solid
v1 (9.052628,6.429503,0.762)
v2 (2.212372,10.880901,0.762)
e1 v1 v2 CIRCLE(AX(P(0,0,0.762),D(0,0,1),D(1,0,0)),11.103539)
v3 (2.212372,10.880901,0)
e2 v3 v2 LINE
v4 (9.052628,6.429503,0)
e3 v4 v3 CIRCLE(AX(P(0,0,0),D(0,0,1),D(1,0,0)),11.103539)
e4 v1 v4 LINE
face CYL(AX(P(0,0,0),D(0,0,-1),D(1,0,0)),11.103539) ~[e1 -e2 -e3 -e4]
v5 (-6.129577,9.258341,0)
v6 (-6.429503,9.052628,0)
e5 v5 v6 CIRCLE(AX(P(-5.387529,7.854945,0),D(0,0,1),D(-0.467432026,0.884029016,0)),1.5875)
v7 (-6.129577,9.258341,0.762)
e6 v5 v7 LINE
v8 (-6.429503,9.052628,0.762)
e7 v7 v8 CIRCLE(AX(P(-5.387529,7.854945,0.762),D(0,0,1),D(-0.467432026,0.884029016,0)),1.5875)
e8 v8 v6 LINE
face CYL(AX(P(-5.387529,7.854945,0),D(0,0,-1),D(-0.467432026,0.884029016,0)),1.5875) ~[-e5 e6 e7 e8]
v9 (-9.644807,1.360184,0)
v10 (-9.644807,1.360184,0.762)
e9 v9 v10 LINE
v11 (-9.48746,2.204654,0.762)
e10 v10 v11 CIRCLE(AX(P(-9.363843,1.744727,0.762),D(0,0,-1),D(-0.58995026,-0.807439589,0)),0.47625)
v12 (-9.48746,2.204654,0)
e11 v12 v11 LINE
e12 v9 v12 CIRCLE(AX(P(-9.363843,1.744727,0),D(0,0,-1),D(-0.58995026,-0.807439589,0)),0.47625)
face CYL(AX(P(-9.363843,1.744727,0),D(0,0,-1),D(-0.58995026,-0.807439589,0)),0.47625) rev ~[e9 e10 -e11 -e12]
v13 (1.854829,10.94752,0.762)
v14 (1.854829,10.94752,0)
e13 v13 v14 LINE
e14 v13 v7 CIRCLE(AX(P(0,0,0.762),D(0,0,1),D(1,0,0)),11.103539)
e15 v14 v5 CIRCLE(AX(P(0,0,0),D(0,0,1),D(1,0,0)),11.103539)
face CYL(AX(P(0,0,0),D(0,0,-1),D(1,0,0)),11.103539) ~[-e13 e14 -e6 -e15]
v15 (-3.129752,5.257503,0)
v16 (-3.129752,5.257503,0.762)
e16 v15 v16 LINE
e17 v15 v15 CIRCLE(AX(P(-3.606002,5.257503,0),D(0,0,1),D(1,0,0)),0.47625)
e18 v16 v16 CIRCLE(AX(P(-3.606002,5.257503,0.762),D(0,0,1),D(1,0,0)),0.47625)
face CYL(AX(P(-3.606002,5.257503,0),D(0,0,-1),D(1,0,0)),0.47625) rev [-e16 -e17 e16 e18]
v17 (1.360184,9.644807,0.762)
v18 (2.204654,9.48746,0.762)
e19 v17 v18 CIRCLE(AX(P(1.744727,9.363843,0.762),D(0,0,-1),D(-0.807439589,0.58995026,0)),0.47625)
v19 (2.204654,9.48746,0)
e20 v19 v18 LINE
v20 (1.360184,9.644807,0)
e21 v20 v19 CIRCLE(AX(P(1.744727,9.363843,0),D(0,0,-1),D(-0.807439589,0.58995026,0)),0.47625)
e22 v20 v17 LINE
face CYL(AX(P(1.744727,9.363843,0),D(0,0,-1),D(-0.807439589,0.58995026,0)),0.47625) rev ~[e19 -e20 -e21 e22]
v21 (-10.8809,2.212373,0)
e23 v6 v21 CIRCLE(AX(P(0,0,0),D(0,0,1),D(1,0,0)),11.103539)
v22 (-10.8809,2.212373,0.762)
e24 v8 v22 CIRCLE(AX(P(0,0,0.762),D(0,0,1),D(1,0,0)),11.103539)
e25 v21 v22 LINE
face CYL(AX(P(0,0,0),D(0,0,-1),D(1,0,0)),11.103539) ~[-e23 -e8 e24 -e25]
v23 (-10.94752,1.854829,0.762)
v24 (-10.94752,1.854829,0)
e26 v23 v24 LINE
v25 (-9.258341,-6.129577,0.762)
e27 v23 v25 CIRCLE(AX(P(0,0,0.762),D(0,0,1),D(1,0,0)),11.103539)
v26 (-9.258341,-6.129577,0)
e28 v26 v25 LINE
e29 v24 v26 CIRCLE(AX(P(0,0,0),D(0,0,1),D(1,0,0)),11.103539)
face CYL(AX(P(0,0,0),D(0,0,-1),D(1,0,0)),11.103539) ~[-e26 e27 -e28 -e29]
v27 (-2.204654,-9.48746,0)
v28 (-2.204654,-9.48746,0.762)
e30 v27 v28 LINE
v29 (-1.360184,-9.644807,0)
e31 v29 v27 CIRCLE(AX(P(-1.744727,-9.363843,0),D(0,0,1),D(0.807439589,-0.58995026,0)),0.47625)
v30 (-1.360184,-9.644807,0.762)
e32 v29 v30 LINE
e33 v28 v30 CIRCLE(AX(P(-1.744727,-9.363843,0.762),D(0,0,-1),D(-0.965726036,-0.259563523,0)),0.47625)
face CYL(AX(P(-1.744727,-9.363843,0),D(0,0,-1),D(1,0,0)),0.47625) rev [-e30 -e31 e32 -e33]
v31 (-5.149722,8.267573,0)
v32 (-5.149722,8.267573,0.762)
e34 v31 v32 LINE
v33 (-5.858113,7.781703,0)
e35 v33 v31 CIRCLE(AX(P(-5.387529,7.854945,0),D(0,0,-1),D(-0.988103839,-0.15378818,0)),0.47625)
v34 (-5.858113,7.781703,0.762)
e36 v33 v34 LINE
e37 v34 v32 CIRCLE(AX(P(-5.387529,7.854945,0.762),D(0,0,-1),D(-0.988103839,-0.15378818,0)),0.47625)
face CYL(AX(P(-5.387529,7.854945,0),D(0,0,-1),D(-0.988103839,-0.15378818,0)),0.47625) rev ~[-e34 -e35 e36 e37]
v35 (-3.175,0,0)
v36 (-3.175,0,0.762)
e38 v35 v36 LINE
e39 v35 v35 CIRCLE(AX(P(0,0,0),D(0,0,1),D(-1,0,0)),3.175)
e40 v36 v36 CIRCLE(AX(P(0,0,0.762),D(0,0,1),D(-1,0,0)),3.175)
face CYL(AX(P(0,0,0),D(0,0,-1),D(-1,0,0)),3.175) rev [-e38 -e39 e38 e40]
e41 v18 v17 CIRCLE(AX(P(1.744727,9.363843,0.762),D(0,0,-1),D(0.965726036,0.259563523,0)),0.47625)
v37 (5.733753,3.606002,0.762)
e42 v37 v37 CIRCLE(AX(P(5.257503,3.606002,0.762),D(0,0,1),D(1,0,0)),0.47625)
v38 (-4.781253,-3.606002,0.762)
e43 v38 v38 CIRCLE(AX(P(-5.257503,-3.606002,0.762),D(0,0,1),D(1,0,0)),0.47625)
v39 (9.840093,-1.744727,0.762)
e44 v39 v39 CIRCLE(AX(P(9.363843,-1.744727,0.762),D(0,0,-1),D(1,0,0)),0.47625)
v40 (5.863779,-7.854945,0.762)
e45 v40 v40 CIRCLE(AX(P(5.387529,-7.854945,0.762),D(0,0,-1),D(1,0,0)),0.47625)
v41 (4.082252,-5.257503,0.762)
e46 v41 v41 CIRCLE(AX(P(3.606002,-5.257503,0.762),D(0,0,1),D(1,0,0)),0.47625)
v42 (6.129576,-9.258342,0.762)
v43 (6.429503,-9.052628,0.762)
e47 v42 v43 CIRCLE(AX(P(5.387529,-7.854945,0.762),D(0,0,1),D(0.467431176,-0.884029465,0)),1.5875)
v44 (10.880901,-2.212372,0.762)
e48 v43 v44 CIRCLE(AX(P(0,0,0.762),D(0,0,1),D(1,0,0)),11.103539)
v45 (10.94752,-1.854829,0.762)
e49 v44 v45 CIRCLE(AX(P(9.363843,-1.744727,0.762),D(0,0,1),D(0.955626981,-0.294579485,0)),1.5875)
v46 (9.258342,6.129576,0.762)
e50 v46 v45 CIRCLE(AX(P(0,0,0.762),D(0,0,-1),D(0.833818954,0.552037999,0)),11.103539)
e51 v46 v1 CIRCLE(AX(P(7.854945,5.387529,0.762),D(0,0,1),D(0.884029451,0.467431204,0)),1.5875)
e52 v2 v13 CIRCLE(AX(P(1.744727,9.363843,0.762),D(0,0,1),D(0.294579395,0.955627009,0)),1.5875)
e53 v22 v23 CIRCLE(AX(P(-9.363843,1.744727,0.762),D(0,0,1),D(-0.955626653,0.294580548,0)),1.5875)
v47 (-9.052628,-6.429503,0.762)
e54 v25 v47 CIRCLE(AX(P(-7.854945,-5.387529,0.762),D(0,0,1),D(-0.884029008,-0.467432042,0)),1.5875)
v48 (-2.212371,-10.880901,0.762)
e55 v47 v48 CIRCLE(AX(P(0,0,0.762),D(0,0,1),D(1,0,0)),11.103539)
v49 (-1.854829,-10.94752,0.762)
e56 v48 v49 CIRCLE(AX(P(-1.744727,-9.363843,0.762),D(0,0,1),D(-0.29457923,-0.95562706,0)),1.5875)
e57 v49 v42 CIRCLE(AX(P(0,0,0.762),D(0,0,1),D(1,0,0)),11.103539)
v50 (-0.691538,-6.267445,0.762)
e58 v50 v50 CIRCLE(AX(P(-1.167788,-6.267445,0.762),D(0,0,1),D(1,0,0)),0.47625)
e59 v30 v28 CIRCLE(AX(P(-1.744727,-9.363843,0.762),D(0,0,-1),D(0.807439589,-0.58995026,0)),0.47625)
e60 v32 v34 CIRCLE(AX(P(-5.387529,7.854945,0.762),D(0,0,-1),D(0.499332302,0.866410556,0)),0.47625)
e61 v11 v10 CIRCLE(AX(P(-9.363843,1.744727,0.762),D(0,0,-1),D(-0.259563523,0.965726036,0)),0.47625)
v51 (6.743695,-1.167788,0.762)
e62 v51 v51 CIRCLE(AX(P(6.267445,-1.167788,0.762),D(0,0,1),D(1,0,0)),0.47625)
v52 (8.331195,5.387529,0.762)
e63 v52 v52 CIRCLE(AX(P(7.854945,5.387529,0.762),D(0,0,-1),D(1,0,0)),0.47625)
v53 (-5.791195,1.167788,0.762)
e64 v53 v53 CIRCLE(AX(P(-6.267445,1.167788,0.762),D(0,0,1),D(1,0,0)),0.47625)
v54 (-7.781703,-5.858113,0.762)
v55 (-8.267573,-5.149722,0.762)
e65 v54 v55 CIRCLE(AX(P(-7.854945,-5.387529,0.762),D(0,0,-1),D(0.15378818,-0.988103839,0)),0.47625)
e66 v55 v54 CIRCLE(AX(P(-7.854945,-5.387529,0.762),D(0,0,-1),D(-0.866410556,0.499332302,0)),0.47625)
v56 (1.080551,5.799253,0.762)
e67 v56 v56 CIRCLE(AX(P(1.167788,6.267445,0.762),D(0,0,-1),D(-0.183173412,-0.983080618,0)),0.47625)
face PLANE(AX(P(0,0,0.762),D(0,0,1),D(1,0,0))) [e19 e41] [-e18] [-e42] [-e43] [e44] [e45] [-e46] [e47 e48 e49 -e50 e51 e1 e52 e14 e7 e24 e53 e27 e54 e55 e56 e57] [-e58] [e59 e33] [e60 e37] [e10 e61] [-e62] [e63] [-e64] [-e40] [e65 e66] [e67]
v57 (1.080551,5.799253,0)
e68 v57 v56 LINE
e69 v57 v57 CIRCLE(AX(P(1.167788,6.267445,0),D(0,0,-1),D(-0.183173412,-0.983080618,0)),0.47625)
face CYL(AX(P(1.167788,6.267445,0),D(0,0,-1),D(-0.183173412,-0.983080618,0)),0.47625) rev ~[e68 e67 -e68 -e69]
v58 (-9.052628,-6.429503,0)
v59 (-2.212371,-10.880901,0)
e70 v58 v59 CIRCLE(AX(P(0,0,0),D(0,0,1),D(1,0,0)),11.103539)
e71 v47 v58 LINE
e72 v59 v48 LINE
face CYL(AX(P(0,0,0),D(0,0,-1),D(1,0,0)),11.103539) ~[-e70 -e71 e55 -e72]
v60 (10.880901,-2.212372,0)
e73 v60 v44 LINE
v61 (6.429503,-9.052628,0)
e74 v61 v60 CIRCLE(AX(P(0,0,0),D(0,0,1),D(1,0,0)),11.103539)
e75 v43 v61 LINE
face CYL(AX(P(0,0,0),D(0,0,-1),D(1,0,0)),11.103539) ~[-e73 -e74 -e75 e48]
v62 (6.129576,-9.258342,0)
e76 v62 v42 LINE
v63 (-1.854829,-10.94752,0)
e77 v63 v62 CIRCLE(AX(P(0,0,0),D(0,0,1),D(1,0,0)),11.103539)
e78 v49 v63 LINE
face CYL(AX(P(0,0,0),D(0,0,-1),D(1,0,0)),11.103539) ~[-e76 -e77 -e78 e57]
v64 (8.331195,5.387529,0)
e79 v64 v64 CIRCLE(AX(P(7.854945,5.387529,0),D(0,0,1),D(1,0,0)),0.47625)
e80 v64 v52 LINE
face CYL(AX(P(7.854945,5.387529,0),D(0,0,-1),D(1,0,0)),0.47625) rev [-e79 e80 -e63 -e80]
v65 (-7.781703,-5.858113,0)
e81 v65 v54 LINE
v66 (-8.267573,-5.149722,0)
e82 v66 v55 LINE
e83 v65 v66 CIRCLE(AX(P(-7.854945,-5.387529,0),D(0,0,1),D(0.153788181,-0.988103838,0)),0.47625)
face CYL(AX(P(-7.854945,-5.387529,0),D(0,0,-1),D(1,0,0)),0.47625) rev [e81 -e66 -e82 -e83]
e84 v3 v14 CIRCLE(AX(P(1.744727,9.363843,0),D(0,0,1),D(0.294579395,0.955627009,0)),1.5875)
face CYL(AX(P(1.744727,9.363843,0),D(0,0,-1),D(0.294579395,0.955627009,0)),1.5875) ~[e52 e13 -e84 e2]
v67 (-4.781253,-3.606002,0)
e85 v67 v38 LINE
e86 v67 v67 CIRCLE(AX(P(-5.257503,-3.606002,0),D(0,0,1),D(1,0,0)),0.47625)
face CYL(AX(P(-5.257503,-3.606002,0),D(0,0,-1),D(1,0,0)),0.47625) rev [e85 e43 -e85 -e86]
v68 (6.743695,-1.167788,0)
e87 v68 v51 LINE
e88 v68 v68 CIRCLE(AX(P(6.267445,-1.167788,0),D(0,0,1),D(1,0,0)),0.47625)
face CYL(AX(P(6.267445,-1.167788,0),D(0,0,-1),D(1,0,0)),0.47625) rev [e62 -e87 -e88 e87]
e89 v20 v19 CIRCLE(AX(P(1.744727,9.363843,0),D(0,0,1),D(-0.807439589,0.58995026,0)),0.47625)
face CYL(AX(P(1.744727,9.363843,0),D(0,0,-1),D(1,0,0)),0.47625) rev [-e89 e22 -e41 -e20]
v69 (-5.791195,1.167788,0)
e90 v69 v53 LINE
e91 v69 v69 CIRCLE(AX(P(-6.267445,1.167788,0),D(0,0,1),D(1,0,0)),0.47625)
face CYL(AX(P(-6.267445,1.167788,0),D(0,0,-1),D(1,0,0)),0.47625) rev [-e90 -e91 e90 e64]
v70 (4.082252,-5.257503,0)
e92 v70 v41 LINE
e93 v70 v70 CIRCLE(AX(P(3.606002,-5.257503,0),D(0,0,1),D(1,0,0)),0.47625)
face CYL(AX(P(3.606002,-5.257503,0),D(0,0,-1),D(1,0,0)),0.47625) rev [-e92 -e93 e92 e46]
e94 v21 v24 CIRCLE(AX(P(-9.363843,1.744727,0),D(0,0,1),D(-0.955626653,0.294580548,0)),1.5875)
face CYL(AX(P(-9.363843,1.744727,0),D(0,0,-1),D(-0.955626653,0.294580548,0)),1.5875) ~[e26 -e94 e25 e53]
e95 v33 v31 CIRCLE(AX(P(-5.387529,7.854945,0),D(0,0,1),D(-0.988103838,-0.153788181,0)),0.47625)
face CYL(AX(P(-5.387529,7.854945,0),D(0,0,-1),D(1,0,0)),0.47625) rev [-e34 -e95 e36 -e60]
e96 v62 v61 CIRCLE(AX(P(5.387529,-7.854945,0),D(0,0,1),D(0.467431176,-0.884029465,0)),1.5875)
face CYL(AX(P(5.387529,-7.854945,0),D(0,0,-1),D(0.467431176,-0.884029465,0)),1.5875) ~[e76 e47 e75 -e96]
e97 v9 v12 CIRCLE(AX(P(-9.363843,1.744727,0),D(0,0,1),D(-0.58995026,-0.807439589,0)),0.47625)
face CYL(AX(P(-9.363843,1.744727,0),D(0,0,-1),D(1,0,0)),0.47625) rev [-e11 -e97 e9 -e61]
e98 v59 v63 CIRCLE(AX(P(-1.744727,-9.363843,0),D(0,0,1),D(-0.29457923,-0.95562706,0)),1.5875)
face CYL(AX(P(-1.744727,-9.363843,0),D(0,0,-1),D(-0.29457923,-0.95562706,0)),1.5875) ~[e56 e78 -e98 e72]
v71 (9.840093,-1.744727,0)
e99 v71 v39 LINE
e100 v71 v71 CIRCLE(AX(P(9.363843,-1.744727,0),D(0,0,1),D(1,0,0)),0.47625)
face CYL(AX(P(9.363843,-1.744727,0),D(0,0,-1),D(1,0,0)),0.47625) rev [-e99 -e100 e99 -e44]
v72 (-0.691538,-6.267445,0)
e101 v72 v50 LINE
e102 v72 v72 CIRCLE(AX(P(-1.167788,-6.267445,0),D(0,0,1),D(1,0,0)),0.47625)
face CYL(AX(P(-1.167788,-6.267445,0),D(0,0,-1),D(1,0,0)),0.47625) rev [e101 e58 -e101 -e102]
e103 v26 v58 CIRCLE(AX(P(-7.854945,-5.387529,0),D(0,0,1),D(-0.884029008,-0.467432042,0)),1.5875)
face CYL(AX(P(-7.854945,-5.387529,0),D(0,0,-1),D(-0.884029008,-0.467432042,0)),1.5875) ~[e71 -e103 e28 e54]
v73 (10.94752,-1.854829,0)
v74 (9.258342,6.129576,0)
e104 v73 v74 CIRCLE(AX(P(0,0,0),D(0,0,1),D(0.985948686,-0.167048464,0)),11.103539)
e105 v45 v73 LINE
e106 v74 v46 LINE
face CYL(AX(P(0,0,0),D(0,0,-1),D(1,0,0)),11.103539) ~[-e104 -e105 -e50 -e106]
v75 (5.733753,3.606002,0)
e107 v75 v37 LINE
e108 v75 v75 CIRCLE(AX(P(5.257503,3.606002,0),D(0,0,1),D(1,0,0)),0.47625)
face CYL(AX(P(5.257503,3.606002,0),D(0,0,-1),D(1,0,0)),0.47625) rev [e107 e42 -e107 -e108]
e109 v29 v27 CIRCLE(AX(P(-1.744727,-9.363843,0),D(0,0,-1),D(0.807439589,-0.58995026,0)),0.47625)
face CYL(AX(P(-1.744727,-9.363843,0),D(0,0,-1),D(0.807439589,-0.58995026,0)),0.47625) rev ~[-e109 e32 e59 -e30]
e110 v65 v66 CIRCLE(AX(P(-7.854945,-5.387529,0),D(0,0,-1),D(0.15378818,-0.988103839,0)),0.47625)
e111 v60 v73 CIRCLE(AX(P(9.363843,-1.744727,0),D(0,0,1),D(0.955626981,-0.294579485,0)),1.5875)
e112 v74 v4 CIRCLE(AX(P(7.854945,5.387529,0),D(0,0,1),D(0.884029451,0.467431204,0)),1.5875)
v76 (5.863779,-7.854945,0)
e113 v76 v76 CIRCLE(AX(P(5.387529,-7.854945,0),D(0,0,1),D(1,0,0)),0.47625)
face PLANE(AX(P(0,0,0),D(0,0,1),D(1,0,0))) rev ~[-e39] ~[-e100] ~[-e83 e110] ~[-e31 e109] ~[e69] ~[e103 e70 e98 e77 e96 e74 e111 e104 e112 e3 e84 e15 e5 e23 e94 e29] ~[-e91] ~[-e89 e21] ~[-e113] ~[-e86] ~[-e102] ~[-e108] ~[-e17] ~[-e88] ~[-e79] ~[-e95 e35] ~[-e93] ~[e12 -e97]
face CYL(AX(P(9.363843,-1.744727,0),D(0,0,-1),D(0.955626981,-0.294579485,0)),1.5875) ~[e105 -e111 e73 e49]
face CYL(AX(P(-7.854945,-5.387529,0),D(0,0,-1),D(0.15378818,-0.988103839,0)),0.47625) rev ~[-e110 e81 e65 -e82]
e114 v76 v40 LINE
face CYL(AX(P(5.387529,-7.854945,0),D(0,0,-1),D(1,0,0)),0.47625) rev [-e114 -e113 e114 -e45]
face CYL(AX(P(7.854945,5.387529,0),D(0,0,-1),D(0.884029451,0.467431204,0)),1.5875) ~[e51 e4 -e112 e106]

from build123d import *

# Parameters (mm, degrees)
SKETCH1_R           = 0.47625
SKETCH1_R_2         = 3.175
BOSS_EXTRUDE1_DEPTH = 0.762
BOSS_EXTRUDE2_START = -0.762
SKETCH2_R           = 11.103539479
BOSS_EXTRUDE2_DEPTH = 0.762


with BuildPart() as part:
    # Sketch1 → Boss-Extrude1 (new body)
    with BuildSketch(Plane.XY):
        with BuildLine():
            ThreePointArc((-2.039848362, 9.751221095), (-4.130378192, 9.88369568), (-6.129577027, 9.25834098))
            ThreePointArc((-6.129577027, 9.25834098), (-6.747337126, 8.674137968), (-6.975028685, 7.854944918))
            ThreePointArc((-6.975028685, 7.854944918), (-7.339372349, 6.47410056), (-8.33754517, 5.452763952))
            ThreePointArc((-8.33754517, 5.452763952), (-9.909445645, 4.068211113), (-10.880900197, 2.212373372))
            ThreePointArc((-10.880900197, 2.212373372), (-10.904630014, 1.362455548), (-10.4863749, 0.622194736))
            ThreePointArc((-10.4863749, 0.622194736), (-9.767600366, -0.61183955), (-9.751221095, -2.039848362))
            ThreePointArc((-9.751221095, -2.039848362), (-9.883695679, -4.130378205), (-9.258340968, -6.129577051))
            ThreePointArc((-9.258340968, -6.129577051), (-8.674137957, -6.747337133), (-7.854944918, -6.975028685))
            ThreePointArc((-7.854944918, -6.975028685), (-6.47410056, -7.339372349), (-5.452763952, -8.33754517))
            ThreePointArc((-5.452763952, -8.33754517), (-4.068210251, -9.909446321), (-2.212371278, -10.880900842))
            ThreePointArc((-2.212371278, -10.880900842), (-1.362454485, -10.90462975), (-0.622194736, -10.4863749))
            ThreePointArc((-0.622194736, -10.4863749), (0.61183955, -9.767600366), (2.039848362, -9.751221095))
            ThreePointArc((2.039848362, -9.751221095), (4.130377433, -9.883695772), (6.129575677, -9.258341694))
            ThreePointArc((6.129575677, -9.258341694), (6.747336732, -8.674138622), (6.975028685, -7.854944918))
            ThreePointArc((6.975028685, -7.854944918), (7.339372349, -6.47410056), (8.33754517, -5.452763952))
            ThreePointArc((8.33754517, -5.452763952), (9.909446191, -4.068210417), (10.880900717, -2.212371682))
            ThreePointArc((10.880900717, -2.212371682), (10.904629801, -1.36245469), (10.4863749, -0.622194736))
            ThreePointArc((10.4863749, -0.622194736), (9.767600366, 0.61183955), (9.751221095, 2.039848362))
            ThreePointArc((9.751221095, 2.039848362), (9.883695769, 4.130377457), (9.258341673, 6.129575719))
            ThreePointArc((9.258341673, 6.129575719), (8.674138602, 6.747336744), (7.854944918, 6.975028685))
            ThreePointArc((7.854944918, 6.975028685), (6.47410056, 7.339372349), (5.452763952, 8.33754517))
            ThreePointArc((5.452763952, 8.33754517), (4.068210359, 9.909446236), (2.212371542, 10.880900761))
            ThreePointArc((2.212371542, 10.880900761), (1.362454619, 10.904629783), (0.622194736, 10.4863749))
            ThreePointArc((0.622194736, 10.4863749), (-0.61183955, 9.767600366), (-2.039848362, 9.751221095))
        make_face()
        with Locations((-7.854944918, -5.387528685)):
            Circle(SKETCH1_R, mode=Mode.SUBTRACT)
        with Locations((-1.167787514, -6.267444918)):
            Circle(SKETCH1_R, mode=Mode.SUBTRACT)
        with Locations((-5.257503273, -3.606002332)):
            Circle(SKETCH1_R, mode=Mode.SUBTRACT)
        with Locations(Location((0, 0, 0), (0, 0, 180))):
            Circle(SKETCH1_R_2, mode=Mode.SUBTRACT)
        with Locations((3.606002332, -5.257503273)):
            Circle(SKETCH1_R, mode=Mode.SUBTRACT)
        with Locations((5.387528685, -7.854944918)):
            Circle(SKETCH1_R, mode=Mode.SUBTRACT)
        with Locations((9.363842884, -1.744726751)):
            Circle(SKETCH1_R, mode=Mode.SUBTRACT)
        with Locations((6.267444918, -1.167787514)):
            Circle(SKETCH1_R, mode=Mode.SUBTRACT)
        with Locations((-9.363842884, 1.744726751)):
            Circle(SKETCH1_R, mode=Mode.SUBTRACT)
        with Locations((-6.267444918, 1.167787514)):
            Circle(SKETCH1_R, mode=Mode.SUBTRACT)
        with Locations((-3.606002332, 5.257503273)):
            Circle(SKETCH1_R, mode=Mode.SUBTRACT)
        with Locations((-5.387528685, 7.854944918)):
            Circle(SKETCH1_R, mode=Mode.SUBTRACT)
        with Locations((5.257503273, 3.606002332)):
            Circle(SKETCH1_R, mode=Mode.SUBTRACT)
        with BuildLine():
            ThreePointArc((1.255023852, 6.735637063), (1.635979659, 6.180208581), (1.080551177, 5.799252774))
            ThreePointArc((1.080551177, 5.799252774), (0.69959537, 6.354681256), (1.255023852, 6.735637063))
        make_face(mode=Mode.SUBTRACT)
        with Locations((1.744726751, 9.363842884)):
            Circle(SKETCH1_R, mode=Mode.SUBTRACT)
        with Locations((7.854944918, 5.387528685)):
            Circle(SKETCH1_R, mode=Mode.SUBTRACT)
        with Locations((-1.744726751, -9.363842884)):
            Circle(SKETCH1_R, mode=Mode.SUBTRACT)
    extrude(amount=BOSS_EXTRUDE1_DEPTH)

    # Sketch2 → Boss-Extrude2 (add)
    with BuildSketch(Plane.XY.offset(0.762).offset(BOSS_EXTRUDE2_START)):
        Circle(SKETCH2_R)
        with BuildLine():
            ThreePointArc((8.267572946, 5.149721676), (9.364843608, 2.67807766), (9.740246185, 0))
            ThreePointArc((9.740246185, 0), (9.716357017, -0.681763934), (9.644806696, -1.360183646))
            ThreePointArc((9.644806696, -1.360183646), (9.788473946, -1.529082312), (9.840092885, -1.744726751))
            ThreePointArc((9.840092885, -1.744726751), (9.741789124, -2.034503739), (9.487460012, -2.204653776))
            ThreePointArc((9.487460012, -2.204653776), (8.163793491, -5.312708498), (5.858113138, -7.781703297))
            ThreePointArc((5.858113138, -7.781703297), (5.862360186, -7.818214708), (5.863778685, -7.854944918))
            ThreePointArc((5.863778685, -7.854944918), (5.625812627, -8.267297711), (5.149721676, -8.267572946))
            ThreePointArc((5.149721676, -8.267572946), (2.016021533, -9.529325943), (-1.360183646, -9.644806696))
            ThreePointArc((-1.360183646, -9.644806696), (-1.831963088, -9.832035029), (-2.204653776, -9.487460012))
            ThreePointArc((-2.204653776, -9.487460012), (-5.312708498, -8.163793491), (-7.781703297, -5.858113138))
            ThreePointArc((-7.781703297, -5.858113138), (-8.247692164, -5.656905119), (-8.267572946, -5.149721676))
            ThreePointArc((-8.267572946, -5.149721676), (-9.529325943, -2.016021533), (-9.644806696, 1.360183646))
            ThreePointArc((-9.644806696, 1.360183646), (-9.832035029, 1.831963088), (-9.487460012, 2.204653776))
            ThreePointArc((-9.487460012, 2.204653776), (-8.163793491, 5.312708498), (-5.858113138, 7.781703297))
            ThreePointArc((-5.858113138, 7.781703297), (-5.656905119, 8.247692164), (-5.149721676, 8.267572946))
            ThreePointArc((-5.149721676, 8.267572946), (-2.016021533, 9.529325943), (1.360183646, 9.644806696))
            ThreePointArc((1.360183646, 9.644806696), (1.831963088, 9.832035029), (2.204653776, 9.487460012))
            ThreePointArc((2.204653776, 9.487460012), (5.312708498, 8.163793491), (7.781703297, 5.858113138))
            ThreePointArc((7.781703297, 5.858113138), (8.164729311, 5.74925744), (8.331194918, 5.387528685))
            ThreePointArc((8.331194918, 5.387528685), (8.315014565, 5.264443421), (8.267572946, 5.149721676))
        make_face(mode=Mode.SUBTRACT)
    extrude(amount=BOSS_EXTRUDE2_DEPTH)


solid = part.part
